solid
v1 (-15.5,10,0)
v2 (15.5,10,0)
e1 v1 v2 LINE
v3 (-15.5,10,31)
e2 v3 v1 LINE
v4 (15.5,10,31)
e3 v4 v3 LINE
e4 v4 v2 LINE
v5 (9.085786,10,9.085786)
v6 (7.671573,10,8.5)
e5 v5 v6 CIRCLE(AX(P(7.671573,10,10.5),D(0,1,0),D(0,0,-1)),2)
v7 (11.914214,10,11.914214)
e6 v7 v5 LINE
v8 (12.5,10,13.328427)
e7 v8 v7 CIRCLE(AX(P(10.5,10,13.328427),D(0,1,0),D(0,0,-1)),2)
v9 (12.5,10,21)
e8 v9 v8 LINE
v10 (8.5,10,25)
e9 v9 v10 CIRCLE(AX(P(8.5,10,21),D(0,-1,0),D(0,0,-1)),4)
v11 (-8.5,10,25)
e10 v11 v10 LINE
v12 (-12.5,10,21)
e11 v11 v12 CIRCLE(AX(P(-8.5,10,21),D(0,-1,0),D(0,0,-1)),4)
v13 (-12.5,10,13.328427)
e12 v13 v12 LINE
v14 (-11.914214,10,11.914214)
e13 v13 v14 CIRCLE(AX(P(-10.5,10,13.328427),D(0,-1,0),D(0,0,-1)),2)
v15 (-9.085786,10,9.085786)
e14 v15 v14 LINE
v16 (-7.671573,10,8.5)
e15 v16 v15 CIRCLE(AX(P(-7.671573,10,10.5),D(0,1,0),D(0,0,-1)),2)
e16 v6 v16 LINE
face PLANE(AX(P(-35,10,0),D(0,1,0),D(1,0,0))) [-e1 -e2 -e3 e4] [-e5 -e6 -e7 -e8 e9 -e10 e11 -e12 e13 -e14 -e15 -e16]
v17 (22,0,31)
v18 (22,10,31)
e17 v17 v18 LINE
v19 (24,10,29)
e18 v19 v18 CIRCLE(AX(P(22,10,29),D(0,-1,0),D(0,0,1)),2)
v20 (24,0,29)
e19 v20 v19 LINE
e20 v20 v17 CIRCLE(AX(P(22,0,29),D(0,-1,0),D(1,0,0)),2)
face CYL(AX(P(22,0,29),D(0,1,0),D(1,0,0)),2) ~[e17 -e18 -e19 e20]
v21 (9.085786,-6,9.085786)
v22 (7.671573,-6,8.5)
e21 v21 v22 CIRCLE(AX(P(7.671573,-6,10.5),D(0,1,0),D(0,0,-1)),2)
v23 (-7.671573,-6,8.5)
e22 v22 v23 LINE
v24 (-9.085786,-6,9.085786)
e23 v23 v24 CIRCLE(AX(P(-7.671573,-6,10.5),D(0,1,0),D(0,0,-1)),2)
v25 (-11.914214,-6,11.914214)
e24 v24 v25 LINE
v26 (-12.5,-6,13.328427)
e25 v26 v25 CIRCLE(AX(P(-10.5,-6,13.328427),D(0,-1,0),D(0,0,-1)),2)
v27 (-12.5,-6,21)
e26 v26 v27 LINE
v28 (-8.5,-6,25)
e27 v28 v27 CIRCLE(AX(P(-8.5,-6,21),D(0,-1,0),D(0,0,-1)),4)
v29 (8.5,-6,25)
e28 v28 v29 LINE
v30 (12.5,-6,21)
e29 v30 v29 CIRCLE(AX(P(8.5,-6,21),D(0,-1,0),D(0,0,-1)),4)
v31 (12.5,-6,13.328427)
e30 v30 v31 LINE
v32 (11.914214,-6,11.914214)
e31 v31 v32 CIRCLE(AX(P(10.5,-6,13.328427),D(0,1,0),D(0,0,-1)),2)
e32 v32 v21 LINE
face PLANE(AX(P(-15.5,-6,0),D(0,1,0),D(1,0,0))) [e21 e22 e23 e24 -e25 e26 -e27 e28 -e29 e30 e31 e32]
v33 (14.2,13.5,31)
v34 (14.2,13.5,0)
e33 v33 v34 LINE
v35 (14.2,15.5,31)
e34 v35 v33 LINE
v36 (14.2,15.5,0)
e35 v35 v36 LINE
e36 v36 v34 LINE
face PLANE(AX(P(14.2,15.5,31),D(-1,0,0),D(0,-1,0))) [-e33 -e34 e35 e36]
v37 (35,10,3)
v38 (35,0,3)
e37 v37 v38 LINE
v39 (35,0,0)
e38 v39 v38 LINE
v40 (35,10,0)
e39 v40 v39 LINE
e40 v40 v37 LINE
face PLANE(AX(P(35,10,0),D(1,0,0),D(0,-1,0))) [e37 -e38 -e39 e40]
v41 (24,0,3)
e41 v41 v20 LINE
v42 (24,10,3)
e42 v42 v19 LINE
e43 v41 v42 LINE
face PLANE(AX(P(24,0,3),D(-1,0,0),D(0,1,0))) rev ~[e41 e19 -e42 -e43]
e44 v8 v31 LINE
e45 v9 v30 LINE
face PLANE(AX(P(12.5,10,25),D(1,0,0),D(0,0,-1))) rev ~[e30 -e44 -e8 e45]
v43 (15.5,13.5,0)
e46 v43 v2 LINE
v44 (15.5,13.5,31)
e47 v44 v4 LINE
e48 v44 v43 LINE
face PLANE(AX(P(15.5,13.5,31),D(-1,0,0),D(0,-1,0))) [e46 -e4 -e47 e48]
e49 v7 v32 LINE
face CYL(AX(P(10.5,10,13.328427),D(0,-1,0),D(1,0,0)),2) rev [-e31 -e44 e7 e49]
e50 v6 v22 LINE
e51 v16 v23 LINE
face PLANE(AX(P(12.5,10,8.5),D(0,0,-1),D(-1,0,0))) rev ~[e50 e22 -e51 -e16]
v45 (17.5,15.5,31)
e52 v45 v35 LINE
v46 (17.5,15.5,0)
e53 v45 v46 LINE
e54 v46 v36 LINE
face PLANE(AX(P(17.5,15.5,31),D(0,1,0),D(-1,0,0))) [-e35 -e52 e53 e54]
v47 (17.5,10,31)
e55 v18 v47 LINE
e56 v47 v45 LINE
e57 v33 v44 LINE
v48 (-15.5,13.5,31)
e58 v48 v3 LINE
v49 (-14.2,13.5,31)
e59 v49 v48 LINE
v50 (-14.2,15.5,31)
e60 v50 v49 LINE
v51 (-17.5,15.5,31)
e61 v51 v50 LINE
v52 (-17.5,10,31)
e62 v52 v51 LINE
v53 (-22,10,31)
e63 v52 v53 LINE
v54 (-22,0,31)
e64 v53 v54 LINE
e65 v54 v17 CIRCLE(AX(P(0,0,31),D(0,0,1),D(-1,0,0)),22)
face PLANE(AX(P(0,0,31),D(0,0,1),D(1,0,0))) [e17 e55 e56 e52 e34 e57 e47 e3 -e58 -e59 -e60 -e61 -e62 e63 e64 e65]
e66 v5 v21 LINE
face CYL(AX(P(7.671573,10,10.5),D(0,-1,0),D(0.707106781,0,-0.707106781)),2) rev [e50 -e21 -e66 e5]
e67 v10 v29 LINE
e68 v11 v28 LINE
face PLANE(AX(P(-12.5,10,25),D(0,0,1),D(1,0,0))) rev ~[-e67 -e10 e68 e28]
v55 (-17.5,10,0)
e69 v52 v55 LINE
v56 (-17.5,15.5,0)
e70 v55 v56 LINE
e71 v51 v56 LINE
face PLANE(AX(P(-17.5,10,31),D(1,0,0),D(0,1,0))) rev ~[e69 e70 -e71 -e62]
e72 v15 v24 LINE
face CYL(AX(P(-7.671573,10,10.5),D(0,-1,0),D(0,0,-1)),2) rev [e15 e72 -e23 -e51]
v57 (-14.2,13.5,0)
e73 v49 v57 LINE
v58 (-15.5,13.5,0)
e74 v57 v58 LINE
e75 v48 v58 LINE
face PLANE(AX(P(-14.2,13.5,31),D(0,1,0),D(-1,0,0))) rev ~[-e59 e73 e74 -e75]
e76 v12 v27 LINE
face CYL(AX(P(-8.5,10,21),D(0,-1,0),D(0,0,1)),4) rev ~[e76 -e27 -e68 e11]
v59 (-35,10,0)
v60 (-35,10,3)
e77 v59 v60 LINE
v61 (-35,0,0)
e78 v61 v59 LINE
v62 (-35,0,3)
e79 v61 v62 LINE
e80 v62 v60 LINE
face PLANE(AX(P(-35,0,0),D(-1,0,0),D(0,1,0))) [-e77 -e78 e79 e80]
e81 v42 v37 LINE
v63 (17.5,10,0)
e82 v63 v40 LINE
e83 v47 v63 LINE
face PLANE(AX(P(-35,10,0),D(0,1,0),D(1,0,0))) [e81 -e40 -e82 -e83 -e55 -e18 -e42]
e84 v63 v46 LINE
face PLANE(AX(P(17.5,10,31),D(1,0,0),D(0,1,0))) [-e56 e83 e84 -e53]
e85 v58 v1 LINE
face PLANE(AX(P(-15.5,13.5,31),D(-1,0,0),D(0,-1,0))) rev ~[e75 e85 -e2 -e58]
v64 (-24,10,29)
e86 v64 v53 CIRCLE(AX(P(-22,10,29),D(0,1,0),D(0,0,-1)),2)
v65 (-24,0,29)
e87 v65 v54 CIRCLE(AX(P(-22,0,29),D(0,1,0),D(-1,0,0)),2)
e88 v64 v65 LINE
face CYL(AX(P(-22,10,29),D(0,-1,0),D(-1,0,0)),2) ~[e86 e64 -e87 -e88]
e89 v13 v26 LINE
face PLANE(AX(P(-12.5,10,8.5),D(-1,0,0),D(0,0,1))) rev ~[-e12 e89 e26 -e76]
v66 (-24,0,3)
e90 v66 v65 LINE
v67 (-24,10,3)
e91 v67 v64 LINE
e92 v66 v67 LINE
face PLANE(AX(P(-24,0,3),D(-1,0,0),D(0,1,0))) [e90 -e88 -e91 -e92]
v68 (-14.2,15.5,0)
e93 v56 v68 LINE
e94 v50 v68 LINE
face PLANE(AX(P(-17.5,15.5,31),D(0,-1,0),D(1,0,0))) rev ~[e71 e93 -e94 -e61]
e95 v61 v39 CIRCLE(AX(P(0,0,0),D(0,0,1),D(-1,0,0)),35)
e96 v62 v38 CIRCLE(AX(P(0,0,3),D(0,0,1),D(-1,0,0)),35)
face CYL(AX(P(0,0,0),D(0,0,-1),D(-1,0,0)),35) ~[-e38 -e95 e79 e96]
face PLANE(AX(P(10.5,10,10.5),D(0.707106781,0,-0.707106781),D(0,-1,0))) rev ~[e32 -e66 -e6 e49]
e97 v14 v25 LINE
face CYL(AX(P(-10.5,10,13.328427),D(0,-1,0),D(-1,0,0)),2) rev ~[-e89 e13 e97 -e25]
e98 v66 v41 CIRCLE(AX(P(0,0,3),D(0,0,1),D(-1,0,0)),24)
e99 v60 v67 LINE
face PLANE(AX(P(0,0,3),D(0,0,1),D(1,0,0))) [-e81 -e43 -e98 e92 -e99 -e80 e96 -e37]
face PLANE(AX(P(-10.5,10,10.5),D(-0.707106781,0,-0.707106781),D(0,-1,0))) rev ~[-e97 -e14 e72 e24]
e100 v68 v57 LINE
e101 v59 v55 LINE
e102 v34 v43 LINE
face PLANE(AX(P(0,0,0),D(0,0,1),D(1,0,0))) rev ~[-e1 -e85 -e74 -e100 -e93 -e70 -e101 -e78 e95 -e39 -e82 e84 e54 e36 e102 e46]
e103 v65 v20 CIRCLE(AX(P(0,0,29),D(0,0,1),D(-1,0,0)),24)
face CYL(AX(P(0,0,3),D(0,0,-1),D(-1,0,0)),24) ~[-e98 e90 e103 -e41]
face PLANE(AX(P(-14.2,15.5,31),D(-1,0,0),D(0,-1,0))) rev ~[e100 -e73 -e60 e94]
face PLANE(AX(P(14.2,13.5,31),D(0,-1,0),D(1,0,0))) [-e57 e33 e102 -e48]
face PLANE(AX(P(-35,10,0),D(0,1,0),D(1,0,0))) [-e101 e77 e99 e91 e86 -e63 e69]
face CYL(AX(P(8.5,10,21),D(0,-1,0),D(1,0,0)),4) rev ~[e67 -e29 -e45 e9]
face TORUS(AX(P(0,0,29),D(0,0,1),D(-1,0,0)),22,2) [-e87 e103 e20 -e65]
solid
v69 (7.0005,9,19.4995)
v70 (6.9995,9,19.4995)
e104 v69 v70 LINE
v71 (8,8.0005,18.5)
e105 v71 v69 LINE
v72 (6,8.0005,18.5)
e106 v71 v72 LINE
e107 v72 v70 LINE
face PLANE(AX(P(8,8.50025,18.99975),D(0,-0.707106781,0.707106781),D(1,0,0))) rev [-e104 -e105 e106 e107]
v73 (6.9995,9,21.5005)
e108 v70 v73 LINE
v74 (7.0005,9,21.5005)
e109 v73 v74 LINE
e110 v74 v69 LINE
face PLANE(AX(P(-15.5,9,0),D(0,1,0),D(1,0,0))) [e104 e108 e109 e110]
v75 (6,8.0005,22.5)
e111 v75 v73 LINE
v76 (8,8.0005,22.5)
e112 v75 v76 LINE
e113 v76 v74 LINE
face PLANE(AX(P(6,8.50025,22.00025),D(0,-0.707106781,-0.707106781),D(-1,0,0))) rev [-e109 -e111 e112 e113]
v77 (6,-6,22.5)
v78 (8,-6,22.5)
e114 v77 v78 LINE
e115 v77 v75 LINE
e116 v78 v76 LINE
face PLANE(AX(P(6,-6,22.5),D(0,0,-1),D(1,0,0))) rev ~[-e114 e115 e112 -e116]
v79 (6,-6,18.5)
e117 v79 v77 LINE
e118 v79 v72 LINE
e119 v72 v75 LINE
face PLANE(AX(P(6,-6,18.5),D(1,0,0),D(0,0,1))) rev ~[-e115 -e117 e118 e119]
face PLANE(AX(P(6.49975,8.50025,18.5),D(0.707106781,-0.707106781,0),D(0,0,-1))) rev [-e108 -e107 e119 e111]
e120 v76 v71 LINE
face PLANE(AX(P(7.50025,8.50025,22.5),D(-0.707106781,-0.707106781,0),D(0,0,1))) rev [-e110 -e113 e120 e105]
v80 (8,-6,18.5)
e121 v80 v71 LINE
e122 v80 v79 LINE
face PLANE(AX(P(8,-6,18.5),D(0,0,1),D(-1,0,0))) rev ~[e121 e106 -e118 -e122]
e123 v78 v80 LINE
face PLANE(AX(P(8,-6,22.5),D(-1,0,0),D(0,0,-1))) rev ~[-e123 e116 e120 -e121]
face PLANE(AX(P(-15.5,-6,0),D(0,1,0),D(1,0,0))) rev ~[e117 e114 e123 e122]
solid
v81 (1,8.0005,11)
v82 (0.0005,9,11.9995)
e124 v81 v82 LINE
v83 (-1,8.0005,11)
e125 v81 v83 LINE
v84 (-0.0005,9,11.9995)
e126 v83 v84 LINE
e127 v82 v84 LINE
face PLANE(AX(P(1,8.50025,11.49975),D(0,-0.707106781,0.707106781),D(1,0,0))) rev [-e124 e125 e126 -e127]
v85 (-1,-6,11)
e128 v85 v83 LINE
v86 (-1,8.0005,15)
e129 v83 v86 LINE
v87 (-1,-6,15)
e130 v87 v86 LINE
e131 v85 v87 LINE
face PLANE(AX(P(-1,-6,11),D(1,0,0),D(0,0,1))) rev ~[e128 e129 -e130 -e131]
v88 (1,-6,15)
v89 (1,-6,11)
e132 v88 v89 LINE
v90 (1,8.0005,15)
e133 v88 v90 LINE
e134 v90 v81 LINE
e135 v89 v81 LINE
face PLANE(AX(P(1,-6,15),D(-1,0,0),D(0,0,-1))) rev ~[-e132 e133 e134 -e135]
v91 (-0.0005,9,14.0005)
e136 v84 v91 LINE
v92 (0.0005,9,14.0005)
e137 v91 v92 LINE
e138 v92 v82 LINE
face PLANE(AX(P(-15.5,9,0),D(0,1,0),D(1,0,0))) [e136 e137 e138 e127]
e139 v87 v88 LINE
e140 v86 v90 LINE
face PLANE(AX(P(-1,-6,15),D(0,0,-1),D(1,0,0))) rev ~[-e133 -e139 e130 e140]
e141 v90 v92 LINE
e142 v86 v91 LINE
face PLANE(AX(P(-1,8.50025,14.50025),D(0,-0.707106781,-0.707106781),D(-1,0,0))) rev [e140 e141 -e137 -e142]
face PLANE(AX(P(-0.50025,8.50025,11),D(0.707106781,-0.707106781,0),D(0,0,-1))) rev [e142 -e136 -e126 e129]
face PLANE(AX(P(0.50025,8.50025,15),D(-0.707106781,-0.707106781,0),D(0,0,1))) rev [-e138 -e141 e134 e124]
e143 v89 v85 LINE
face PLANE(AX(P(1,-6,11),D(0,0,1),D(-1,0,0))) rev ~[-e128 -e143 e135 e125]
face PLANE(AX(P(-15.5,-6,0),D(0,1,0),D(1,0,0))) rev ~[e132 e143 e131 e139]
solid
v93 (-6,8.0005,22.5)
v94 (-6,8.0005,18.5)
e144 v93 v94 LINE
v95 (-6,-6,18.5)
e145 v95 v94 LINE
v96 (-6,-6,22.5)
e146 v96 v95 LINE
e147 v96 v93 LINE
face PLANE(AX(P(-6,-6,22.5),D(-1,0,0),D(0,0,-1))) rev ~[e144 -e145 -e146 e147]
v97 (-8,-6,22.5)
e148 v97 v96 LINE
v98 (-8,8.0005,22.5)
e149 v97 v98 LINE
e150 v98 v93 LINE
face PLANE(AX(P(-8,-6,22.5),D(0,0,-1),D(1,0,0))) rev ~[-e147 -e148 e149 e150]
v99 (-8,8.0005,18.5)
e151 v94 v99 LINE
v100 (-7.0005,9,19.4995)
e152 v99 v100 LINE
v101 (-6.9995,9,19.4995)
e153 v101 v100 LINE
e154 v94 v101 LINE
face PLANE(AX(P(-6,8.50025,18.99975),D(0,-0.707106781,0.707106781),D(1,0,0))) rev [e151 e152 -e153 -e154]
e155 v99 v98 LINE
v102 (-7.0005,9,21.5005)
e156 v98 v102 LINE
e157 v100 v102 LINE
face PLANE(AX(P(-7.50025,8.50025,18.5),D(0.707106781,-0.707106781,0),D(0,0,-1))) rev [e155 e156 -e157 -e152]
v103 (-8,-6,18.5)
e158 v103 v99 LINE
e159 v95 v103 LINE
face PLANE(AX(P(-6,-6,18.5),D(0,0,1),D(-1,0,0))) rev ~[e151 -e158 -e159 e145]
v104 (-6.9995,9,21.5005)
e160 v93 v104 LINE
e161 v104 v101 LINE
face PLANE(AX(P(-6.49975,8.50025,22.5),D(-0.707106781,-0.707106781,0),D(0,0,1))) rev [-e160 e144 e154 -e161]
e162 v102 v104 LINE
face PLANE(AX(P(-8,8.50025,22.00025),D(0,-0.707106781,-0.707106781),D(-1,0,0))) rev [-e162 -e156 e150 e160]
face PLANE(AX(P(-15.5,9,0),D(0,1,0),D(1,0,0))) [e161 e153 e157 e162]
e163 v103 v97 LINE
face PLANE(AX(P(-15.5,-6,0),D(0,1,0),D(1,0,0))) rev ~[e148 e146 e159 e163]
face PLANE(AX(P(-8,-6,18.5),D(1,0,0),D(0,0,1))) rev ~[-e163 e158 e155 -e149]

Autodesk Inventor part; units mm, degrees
ref_plane "YZ Plane" through (0, 0, 0) normal (1, 0, 0) x (0, 1, 0)
ref_plane "XZ Plane" through (0, 0, 0) normal (0, 1, 0) x (-1, 0, 0)
ref_plane "XY Plane" through (0, 0, 0) normal (0, 0, 1) x (1, 0, 0)
sketch "Esquisse1" plane through (0, 0, 0) normal (0, 0, 1) x (1, 0, 0)
  arc A0 (-35, 0) -> (35, 0) centre (0, 0) ccw
  line L0 (-35, 0) -> (-35, 10)
  line L1 (-35, 10) -> (35, 10)
  line L2 (35, 10) -> (35, 0)
  dimension "d0" = 70
  dimension "d1" = 10
extrude "Extrusion1" add sketch "Esquisse1" along normal blind 3
sketch "Esquisse2" plane through (0, 0, 3) normal (0, 0, 1) x (1, 0, 0)
  arc A0 (-24, 0) -> (24, 0) centre (0, 0) ccw
  line L0 (35, 10) -> (-35, 10) projected
  line L1 (-33.1295, -24) -> (42.942, -24) construction
  line L2 (-24, 0) -> (-24, 10)
  line L3 (24, 0) -> (24, 10)
  line L4 (-24, 10) -> (24, 10)
  dimension "d5" = 34
extrude "Extrusion2" add sketch "Esquisse2" along normal blind 28
fillet "Congé1" radius 2 3 edges at (0, -24, 31) (-24, 5, 31) (24, 5, 31)
sketch "Esquisse3" plane through (0, 0, 31) normal (0, 0, 1) x (1, 0, 0)
  line L0 (-17.5, 10) -> (-17.5, 15.5)
  line L1 (-17.5, 15.5) -> (-14.2, 15.5)
  line L2 (-14.2, 15.5) -> (-14.2, 13.5)
  line L3 (-14.2, 13.5) -> (-15.5, 13.5)
  line L4 (-15.5, 13.5) -> (-15.5, 10)
  line L5 (-15.5, 10) -> (-17.5, 10)
  line L6 (22, 10) -> (-22, 10) projected
  line L7 (0, -45.6195) -> (0, 28.7169) construction
  line L8 (17.5, 10) -> (17.5, 15.5)
  line L9 (17.5, 15.5) -> (14.2, 15.5)
  line L10 (14.2, 15.5) -> (14.2, 13.5)
  line L11 (14.2, 13.5) -> (15.5, 13.5)
  line L12 (15.5, 13.5) -> (15.5, 10)
  line L13 (15.5, 10) -> (17.5, 10)
  point P0 (0, 0)
  dimension "d9" = 35
  dimension "d10" = 31
  dimension "d11" = 2
  dimension "d12" = 5.5
  dimension "d13" = 3.3
extrude "Extrusion3" add sketch "Esquisse3" against normal up to surface (31 mm away)
sketch "Esquisse4" plane through (-15.5, 10, 0) normal (0, 1, 0) x (1, 0, 0)
  line L0 (28, -8.5) -> (3, -8.5)
  line L1 (3, -8.5) -> (3, -25)
  line L2 (3, -25) -> (28, -25)
  line L3 (28, -25) -> (28, -8.5)
  line L4 (31, 0) -> (0, 0) projected
  line L5 (31, -31) -> (0, -31) projected
  point P0 (15.5, 0)
  point P1 (15.5, -8.5)
  point P2 (15.5, 0)
  dimension "d16" = 25
  dimension "d17" = 16.5
  dimension "d18" = 6
extrude "Extrusion4" cut sketch "Esquisse4" against normal blind 16
chamfer "Chanfrein1" distance 4 angle 45 2 edges at (12.5, 2, 8.5) (-12.5, 2, 8.5)
fillet "Congé3" radius 4 2 edges at (-12.5, 2, 25) (12.5, 2, 25)
fillet "Congé3" radius 2 4 edges at (8.5, 2, 8.5) (12.5, 2, 12.5) (-8.5, 2, 8.5) (-12.5, 2, 12.5)
sketch "Esquisse5" plane through (-15.5, -6, 0) normal (0, 1, 0) x (1, 0, 0)
  line L0 (23.5, -18.5) -> (21.5, -18.5)
  line L1 (21.5, -18.5) -> (21.5, -22.5)
  line L2 (21.5, -22.5) -> (23.5, -22.5)
  line L3 (23.5, -22.5) -> (23.5, -18.5)
  line L4 (9.5, -18.5) -> (7.5, -18.5)
  line L5 (7.5, -18.5) -> (7.5, -22.5)
  line L6 (7.5, -22.5) -> (9.5, -22.5)
  line L7 (9.5, -22.5) -> (9.5, -18.5)
  line L8 (16.5, -11) -> (14.5, -11)
  line L9 (14.5, -11) -> (14.5, -15)
  line L10 (14.5, -15) -> (16.5, -15)
  line L11 (16.5, -15) -> (16.5, -11)
  line L12 (7.8284, -8.5) -> (23.1716, -8.5) projected
  line L13 (24, -25) -> (7, -25) projected
  point P0 (15.5, 0)
  point P1 (15.5, -11)
  dimension "d27" = 2
  dimension "d28" = 2
  dimension "d29" = 2
  dimension "d30" = 12
  dimension "d31" = 6
  dimension "d32" = 4
  dimension "d33" = 4
  dimension "d34" = 2.5
  dimension "d35" = 2.5
extrude "Extrusion5" add sketch "Esquisse5" along normal blind 15 separate body
chamfer "Chanfrein2" distance 1 angle 45 12 edges at (6, 9, 20.5) (7, 9, 22.5) (8, 9, 20.5) (7, 9, 18.5) (-1, 9, 13) (0, 9, 15) (1, 9, 13) (0, 9, 11) (-7, 9, 18.5) (-6, 9, 20.5) (-7, 9, 22.5) (-8, 9, 20.5)
equation "\"d28\" = d27"
equation "\"d29\" = d27"
equation "\"d31\" = 0.5 * d30"
equation "\"d33\" = d32"
equation "\"d35\" = d34"
equation "\"nombredor\" = 1.61803"
equation "\"pi\" = 3.141593"
properties part number "Prise" material "Plastique ABS"
